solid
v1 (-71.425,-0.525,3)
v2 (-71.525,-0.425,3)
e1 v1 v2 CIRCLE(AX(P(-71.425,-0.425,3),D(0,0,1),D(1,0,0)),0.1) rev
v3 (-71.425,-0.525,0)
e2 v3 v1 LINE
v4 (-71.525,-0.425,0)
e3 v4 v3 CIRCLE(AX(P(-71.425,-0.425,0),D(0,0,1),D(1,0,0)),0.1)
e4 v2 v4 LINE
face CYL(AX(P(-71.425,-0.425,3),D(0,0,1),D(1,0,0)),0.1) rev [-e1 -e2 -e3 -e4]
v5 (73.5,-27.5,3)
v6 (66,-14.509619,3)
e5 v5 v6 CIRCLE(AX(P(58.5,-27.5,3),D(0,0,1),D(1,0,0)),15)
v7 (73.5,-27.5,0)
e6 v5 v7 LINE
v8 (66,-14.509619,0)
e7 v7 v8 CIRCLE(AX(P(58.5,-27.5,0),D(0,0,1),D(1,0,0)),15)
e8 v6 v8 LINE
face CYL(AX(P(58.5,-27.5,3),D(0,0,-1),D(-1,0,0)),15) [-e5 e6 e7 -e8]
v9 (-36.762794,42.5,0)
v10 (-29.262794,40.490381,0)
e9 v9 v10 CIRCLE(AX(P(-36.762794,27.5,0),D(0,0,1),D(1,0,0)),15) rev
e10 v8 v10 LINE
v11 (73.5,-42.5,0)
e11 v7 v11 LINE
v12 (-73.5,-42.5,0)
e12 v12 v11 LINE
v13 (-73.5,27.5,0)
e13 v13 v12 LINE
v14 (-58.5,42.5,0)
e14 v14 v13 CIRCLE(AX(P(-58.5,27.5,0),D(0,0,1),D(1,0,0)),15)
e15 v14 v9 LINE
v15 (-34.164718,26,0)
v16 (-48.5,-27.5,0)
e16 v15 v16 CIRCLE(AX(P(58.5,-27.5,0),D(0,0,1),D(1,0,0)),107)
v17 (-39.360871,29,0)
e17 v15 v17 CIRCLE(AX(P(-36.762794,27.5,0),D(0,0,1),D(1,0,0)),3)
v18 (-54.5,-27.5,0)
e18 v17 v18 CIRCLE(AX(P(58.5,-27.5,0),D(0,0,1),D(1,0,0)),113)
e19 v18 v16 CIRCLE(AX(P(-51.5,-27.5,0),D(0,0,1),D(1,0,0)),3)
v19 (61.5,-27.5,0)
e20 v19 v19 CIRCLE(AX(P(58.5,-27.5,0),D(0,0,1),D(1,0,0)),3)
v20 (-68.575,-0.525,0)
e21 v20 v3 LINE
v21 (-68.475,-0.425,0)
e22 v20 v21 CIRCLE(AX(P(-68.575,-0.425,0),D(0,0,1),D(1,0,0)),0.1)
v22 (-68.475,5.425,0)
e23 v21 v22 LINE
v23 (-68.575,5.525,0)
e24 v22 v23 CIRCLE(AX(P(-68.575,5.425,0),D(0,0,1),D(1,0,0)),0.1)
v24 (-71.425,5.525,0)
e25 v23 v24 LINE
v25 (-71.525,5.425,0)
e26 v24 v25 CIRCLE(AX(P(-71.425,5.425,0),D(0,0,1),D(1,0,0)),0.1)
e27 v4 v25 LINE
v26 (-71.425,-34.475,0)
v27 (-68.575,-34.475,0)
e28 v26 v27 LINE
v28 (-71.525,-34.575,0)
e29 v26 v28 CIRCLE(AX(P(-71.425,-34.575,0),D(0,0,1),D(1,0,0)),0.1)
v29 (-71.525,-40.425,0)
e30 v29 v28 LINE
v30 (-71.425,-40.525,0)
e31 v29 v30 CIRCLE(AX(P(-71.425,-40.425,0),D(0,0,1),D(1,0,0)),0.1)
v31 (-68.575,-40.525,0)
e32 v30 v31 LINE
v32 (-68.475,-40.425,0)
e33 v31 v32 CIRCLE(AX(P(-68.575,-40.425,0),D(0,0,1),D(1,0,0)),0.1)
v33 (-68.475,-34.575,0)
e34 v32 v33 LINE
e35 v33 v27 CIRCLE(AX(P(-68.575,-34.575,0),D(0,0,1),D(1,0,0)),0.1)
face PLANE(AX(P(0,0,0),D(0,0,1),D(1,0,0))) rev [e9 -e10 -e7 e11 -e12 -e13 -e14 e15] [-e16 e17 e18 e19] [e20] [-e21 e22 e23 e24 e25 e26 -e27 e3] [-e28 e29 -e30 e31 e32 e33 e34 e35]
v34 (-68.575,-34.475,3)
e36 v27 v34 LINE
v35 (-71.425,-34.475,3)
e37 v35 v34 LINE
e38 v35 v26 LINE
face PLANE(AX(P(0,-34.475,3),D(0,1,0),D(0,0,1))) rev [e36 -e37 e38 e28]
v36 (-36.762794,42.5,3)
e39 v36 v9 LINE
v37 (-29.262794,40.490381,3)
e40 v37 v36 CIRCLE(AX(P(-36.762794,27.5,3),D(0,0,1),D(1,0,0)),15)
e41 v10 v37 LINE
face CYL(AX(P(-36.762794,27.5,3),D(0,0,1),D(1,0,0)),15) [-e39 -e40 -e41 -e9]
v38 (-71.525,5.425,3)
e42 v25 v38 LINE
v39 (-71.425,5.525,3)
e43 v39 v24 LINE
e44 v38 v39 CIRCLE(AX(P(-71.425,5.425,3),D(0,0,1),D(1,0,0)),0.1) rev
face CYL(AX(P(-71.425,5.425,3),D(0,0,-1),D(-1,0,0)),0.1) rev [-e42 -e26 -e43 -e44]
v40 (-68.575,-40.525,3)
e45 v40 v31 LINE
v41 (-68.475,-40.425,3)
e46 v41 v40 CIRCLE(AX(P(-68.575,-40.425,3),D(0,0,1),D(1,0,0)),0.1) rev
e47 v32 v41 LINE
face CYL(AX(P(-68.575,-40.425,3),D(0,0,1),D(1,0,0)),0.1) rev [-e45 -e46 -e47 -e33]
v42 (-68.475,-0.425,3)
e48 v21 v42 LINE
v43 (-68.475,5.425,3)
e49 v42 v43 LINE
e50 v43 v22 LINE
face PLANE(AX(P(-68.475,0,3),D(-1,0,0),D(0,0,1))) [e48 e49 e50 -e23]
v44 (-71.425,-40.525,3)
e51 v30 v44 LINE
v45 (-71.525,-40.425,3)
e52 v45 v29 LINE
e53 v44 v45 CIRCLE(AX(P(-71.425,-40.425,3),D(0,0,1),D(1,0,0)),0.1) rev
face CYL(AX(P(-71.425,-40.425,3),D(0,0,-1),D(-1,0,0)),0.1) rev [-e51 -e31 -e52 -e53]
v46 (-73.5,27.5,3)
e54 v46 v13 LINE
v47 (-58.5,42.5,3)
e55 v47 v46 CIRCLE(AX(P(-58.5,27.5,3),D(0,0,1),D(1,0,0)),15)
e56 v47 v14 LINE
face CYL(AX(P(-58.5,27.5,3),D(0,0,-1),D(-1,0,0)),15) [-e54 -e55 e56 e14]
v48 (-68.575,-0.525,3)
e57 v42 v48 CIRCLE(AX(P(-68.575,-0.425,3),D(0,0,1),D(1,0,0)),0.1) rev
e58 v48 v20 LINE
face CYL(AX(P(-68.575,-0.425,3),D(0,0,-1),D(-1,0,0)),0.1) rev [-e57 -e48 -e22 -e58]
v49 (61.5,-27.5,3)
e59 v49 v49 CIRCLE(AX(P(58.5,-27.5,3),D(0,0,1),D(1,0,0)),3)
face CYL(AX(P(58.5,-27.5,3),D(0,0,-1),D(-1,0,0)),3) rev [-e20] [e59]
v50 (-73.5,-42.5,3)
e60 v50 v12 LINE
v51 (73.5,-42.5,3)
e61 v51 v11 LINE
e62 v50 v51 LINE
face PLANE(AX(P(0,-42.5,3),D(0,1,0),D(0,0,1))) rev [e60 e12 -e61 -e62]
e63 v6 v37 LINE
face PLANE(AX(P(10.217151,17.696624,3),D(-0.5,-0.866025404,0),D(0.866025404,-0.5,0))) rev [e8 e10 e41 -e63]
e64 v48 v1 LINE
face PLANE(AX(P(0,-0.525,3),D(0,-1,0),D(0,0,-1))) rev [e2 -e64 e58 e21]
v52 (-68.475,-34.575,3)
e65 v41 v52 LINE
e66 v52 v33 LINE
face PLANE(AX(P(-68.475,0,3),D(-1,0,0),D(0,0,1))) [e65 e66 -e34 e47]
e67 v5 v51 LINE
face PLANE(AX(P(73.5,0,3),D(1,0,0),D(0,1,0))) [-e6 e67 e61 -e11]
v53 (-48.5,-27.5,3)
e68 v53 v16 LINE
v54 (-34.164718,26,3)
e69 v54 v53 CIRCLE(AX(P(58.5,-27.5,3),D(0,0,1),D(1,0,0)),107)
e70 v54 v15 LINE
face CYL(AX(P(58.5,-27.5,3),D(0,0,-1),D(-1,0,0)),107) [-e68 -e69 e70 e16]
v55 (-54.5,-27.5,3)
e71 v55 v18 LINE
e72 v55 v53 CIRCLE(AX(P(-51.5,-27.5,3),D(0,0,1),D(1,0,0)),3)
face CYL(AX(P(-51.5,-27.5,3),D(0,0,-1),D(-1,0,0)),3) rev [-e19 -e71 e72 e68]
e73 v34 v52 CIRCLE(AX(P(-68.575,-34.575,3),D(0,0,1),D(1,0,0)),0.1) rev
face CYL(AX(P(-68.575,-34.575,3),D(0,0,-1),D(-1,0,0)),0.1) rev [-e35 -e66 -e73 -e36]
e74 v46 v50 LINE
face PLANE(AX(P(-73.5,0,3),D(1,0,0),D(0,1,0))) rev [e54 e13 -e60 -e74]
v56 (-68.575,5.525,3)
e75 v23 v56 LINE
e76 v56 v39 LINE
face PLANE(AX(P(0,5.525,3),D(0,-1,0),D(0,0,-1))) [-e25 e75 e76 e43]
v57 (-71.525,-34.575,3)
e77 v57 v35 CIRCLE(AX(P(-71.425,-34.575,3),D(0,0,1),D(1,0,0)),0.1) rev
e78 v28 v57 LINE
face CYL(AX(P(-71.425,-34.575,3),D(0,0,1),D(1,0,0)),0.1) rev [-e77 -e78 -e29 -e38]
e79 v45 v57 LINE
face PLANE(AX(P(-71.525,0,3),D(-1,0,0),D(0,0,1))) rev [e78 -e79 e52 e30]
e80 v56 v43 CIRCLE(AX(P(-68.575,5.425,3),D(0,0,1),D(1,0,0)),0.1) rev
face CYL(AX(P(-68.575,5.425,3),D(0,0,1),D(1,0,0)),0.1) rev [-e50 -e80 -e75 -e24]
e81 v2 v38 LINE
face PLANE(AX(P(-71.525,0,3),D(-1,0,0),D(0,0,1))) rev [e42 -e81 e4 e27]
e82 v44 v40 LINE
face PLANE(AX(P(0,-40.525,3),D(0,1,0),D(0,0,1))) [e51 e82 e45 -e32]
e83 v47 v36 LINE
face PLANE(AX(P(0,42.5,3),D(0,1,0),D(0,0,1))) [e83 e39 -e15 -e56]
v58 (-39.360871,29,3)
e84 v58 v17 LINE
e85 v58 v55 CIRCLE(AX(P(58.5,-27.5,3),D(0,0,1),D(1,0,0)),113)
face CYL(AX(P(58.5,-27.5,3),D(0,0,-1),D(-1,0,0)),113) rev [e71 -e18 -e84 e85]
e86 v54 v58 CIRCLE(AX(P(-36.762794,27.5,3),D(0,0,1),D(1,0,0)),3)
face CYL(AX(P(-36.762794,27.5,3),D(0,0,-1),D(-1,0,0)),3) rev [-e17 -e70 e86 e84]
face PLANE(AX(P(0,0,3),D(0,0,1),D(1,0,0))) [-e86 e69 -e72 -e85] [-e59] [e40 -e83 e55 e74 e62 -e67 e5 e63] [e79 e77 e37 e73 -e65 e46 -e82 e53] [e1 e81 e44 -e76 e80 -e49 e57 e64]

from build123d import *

# Parameters (mm, degrees)
SKETCH1_W           = 3.05
SKETCH1_H           = 6.05
SKETCH1_R           = 3
BOSS_EXTRUDE1_DEPTH = 3
FILLET1_R           = 15
FILLET2_R           = 0.1


with BuildPart() as part:
    # Sketch1 → Boss-Extrude1 (new body)
    with BuildSketch(Plane.XY):
        with BuildLine():
            Line((-32.74355653, 42.5), (-58.5, 42.5))
            ThreePointArc((-58.5, 42.5), (-69.106601718, 38.106601718), (-73.5, 27.5))
            Line((-73.5, 27.5), (-73.5, -42.5))
            Line((-73.5, -42.5), (73.5, -42.5))
            Line((73.5, -42.5), (73.5, -27.5))
            ThreePointArc((73.5, -27.5), (71.490381057, -20), (66, -14.509618943))
            Line((66, -14.509618943), (-32.74355653, 42.5))
        make_face()
        with BuildLine():
            ThreePointArc((-48.5, -27.5), (-51.500000015, -30.5), (-54.5, -27.499999969))
            ThreePointArc((-54.5, -27.499999969), (-50.649618339, 1.746552215), (-39.36087052, 29.000000186))
            ThreePointArc((-39.36087052, 29.000000186), (-35.262794319, 30.098076155), (-34.16471821, 25.999999992))
            ThreePointArc((-34.16471821, 25.999999992), (-44.854063414, 0.193637821), (-48.5, -27.5))
        make_face(mode=Mode.SUBTRACT)
        with Locations((-70, -37.5)):
            Rectangle(SKETCH1_W, SKETCH1_H, mode=Mode.SUBTRACT)
        with Locations((-70, 2.5)):
            Rectangle(SKETCH1_W, SKETCH1_H, mode=Mode.SUBTRACT)
        with Locations((58.5, -27.5)):
            Circle(SKETCH1_R, mode=Mode.SUBTRACT)
    extrude(amount=BOSS_EXTRUDE1_DEPTH)

    # Fillet1
    fillet1_edges = [part.edges().sort_by_distance(p)[0] for p in [
        (-32.74355653, 42.5, 1.5),
    ]]
    fillet(fillet1_edges, radius=FILLET1_R)

    # Fillet2
    fillet2_edges = [part.edges().sort_by_distance(p)[0] for p in [
        (-68.475, -0.525, 1.5),
        (-68.475, 5.525, 1.5),
        (-71.525, 5.525, 1.5),
        (-71.525, -0.525, 1.5),
        (-68.475, -34.475, 1.5),
        (-71.525, -34.475, 1.5),
        (-71.525, -40.525, 1.5),
        (-68.475, -40.525, 1.5),
    ]]
    fillet(fillet2_edges, radius=FILLET2_R)


solid = part.part
